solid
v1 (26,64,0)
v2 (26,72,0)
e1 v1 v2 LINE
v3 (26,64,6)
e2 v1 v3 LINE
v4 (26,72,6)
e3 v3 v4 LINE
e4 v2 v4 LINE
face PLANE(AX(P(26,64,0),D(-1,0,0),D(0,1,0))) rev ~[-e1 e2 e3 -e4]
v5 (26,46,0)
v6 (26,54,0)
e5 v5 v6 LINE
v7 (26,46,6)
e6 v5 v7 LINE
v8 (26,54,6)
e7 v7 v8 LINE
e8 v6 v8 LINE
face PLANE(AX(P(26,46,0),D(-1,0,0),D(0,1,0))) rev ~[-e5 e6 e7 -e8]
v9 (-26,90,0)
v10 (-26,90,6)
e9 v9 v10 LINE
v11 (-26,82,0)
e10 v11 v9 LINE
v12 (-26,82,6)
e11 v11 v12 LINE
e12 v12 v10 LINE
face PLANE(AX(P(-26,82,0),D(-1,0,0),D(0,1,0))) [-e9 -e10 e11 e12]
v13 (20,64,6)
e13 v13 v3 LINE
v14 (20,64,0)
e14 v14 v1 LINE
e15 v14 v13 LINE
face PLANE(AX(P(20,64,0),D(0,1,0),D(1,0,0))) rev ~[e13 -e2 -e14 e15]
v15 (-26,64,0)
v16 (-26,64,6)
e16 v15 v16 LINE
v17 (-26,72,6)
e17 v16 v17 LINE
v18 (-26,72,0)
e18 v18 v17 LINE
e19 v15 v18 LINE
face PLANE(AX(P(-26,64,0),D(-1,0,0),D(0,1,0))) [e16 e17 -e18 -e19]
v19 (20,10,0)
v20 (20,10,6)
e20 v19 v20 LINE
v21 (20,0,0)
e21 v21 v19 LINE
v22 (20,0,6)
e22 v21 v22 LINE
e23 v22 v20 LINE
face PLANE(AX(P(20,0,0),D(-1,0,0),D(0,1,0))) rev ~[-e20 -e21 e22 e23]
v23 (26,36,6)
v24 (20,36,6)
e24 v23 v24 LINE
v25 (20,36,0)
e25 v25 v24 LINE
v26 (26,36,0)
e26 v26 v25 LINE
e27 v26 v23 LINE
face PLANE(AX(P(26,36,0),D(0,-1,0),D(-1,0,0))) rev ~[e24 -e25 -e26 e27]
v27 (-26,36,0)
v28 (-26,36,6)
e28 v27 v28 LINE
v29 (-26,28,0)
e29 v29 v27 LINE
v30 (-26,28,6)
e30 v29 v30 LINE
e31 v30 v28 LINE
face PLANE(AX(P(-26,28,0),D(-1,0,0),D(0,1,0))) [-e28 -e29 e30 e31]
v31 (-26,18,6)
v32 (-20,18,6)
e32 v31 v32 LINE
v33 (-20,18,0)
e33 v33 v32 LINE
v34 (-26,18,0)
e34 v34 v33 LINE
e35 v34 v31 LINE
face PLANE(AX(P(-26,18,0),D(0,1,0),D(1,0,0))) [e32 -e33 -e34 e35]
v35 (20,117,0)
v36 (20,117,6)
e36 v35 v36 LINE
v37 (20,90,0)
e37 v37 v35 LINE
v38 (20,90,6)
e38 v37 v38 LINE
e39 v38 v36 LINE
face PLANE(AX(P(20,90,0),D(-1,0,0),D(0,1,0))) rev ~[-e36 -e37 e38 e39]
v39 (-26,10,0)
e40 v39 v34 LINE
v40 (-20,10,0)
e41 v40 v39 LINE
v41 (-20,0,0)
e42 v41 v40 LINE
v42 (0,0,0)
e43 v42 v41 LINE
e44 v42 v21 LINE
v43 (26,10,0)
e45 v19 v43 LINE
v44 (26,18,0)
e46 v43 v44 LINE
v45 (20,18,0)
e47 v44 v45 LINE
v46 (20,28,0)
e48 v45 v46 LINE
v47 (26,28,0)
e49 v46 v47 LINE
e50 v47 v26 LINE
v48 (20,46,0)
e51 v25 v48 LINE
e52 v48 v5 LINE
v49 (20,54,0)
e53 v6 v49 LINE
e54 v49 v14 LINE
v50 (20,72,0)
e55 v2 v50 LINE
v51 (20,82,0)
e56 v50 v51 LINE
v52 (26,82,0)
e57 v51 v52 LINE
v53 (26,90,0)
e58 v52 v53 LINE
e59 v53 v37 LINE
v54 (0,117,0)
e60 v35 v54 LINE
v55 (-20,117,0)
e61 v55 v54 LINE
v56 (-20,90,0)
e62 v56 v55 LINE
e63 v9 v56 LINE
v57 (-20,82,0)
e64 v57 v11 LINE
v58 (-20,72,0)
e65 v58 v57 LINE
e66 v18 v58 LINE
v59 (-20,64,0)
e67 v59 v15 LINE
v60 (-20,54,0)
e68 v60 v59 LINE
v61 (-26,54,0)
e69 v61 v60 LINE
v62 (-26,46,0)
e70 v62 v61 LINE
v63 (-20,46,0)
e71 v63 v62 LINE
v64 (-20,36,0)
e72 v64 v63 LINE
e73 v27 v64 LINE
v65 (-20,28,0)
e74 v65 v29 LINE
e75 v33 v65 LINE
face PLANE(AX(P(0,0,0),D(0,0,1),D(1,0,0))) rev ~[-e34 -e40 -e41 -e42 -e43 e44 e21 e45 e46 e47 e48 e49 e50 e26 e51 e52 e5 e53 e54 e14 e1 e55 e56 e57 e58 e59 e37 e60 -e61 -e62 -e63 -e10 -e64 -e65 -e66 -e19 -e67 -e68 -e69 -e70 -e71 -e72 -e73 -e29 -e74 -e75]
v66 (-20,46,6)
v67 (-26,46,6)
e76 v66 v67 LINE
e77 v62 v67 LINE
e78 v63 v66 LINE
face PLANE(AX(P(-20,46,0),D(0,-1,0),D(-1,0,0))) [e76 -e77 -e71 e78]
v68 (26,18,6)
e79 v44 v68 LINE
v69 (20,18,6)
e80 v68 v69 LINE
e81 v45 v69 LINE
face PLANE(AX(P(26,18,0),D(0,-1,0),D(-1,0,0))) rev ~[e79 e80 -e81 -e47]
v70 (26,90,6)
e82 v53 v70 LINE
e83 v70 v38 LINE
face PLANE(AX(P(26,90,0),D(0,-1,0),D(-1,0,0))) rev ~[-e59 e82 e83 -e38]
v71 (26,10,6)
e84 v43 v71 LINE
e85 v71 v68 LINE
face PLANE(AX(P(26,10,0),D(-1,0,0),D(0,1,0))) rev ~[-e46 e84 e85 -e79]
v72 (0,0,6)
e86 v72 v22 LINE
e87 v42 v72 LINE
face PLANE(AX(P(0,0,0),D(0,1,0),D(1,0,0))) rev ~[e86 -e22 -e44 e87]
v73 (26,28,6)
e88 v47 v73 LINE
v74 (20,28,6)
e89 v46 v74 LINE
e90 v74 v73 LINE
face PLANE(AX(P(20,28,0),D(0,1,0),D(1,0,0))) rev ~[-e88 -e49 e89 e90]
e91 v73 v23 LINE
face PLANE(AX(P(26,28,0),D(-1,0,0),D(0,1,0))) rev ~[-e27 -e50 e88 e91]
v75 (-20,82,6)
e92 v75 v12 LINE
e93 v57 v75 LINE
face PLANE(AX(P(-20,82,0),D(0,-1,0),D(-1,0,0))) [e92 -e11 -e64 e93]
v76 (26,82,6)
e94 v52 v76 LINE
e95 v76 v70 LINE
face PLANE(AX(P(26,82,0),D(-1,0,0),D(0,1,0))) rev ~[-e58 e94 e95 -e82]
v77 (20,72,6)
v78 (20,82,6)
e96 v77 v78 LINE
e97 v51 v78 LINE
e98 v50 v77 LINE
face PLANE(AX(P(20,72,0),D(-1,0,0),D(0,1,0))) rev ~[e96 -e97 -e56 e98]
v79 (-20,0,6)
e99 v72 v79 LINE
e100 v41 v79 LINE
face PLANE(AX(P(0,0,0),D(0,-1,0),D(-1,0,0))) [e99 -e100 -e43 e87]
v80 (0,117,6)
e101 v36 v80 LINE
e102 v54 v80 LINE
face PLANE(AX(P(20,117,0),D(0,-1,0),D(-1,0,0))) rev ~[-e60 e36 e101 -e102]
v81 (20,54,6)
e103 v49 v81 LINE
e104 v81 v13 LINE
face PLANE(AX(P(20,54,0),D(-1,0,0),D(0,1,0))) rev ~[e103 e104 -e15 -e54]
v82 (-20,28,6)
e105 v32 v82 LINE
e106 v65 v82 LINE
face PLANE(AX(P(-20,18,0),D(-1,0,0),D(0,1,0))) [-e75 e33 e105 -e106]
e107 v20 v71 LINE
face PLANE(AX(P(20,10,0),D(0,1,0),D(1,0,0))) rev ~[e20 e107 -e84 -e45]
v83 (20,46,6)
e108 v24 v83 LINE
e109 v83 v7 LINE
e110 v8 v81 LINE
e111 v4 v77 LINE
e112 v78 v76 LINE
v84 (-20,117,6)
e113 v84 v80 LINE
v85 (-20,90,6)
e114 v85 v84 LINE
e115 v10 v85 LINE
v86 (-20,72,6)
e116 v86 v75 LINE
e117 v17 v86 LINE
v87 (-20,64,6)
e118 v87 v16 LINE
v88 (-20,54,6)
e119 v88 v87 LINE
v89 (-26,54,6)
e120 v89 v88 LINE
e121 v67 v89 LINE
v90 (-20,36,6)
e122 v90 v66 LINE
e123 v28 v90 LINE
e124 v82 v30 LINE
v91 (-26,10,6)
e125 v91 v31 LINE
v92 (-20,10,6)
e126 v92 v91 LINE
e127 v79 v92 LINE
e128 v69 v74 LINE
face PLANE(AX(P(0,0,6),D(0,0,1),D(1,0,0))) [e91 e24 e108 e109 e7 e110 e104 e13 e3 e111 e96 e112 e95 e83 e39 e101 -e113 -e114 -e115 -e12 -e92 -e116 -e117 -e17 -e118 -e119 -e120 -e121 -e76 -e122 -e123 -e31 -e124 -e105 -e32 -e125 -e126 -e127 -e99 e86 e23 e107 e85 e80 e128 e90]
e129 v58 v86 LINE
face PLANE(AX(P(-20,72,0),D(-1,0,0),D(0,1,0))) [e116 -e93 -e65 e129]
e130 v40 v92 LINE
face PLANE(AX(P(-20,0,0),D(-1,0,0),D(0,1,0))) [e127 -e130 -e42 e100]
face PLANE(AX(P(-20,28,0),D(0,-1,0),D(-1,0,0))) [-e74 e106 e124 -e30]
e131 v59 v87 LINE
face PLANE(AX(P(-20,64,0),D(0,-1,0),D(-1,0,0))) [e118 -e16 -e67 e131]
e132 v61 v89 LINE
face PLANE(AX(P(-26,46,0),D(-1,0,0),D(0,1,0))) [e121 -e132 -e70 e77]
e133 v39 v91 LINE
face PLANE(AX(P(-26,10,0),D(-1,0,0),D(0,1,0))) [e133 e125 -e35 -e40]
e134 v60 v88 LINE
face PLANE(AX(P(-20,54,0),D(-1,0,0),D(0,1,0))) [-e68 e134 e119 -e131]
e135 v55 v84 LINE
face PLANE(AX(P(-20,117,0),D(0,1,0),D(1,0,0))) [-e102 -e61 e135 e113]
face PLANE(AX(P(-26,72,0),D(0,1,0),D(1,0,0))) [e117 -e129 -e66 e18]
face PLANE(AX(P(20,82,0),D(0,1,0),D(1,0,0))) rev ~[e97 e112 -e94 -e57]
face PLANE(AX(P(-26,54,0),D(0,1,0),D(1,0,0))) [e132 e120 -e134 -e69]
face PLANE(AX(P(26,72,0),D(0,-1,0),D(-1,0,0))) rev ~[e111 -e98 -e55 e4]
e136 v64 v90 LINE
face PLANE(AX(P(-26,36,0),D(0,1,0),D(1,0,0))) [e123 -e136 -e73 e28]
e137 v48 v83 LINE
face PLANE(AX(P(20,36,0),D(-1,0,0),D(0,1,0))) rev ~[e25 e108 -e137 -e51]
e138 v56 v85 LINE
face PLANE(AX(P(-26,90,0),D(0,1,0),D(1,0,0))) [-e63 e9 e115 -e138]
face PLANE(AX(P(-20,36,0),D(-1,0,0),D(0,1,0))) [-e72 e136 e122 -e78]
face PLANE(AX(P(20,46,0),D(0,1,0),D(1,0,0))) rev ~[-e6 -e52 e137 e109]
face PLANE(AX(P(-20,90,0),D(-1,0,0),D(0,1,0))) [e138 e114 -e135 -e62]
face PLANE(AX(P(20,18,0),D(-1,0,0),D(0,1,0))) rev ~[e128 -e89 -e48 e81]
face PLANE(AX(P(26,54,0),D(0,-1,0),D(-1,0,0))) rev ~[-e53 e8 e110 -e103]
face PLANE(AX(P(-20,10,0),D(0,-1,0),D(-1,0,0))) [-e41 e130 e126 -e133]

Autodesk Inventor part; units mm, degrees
ref_plane "YZ Plane" through (0, 0, 0) normal (1, 0, 0) x (0, 1, 0)
ref_plane "XZ Plane" through (0, 0, 0) normal (0, 1, 0) x (-1, 0, 0)
ref_plane "XY Plane" through (0, 0, 0) normal (0, 0, 1) x (1, 0, 0)
sketch "Sketch1" plane through (0, 0, 0) normal (0, 0, 1) x (1, 0, 0)
  line L0 (0, 0) -> (-20, 0)
  line L1 (-20, 0) -> (-20, 10)
  line L2 (-20, 10) -> (-26, 10)
  line L3 (-26, 10) -> (-26, 18)
  line L4 (-26, 18) -> (-20, 18)
  line L5 (-20, 18) -> (-20, 28)
  line L6 (-20, 28) -> (-26, 28)
  line L7 (-26, 28) -> (-26, 36)
  line L8 (-26, 36) -> (-20, 36)
  line L9 (-20, 36) -> (-20, 46)
  line L10 (-20, 46) -> (-26, 46)
  line L11 (-26, 46) -> (-26, 54)
  line L12 (-26, 54) -> (-20, 54)
  line L13 (-20, 54) -> (-20, 64)
  line L14 (-20, 64) -> (-26, 64)
  line L15 (-26, 64) -> (-26, 72)
  line L16 (-26, 72) -> (-20, 72)
  line L17 (-20, 72) -> (-20, 82)
  line L18 (-20, 82) -> (-26, 82)
  line L19 (-26, 82) -> (-26, 90)
  line L20 (-26, 90) -> (-20, 90)
  line L21 (-20, 90) -> (-20, 117)
  line L22 (-20, 117) -> (0, 117)
  line L23 (0, 117) -> (0, 0) construction
  line L24 (0, 0) -> (20, 0)
  line L25 (20, 0) -> (20, 10)
  line L26 (20, 10) -> (26, 10)
  line L27 (26, 10) -> (26, 18)
  line L28 (26, 18) -> (20, 18)
  line L29 (20, 18) -> (20, 28)
  line L30 (26, 28) -> (26, 36)
  line L31 (26, 36) -> (20, 36)
  line L32 (20, 36) -> (20, 46)
  line L33 (20, 46) -> (26, 46)
  line L34 (26, 46) -> (26, 54)
  line L35 (26, 54) -> (20, 54)
  line L36 (20, 54) -> (20, 64)
  line L37 (20, 64) -> (26, 64)
  line L38 (26, 64) -> (26, 72)
  line L39 (26, 72) -> (20, 72)
  line L40 (20, 72) -> (20, 82)
  line L41 (20, 82) -> (26, 82)
  line L42 (26, 82) -> (26, 90)
  line L43 (26, 90) -> (20, 90)
  line L44 (20, 90) -> (20, 117)
  line L45 (20, 117) -> (0, 117)
  line L46 (20, 28) -> (26, 28)
  point P0 (-23, 90)
  dimension "d18" = 20
  dimension "d20" = 6
  dimension "d21" = 8
  dimension "d22" = 10
  dimension "d23" = 6
  dimension "d24" = 8
  dimension "d25" = 117
  dimension "d33" = 8
  dimension "d34" = 8
  dimension "d35" = 8
  dimension "d36" = 10
  dimension "d37" = 10
  dimension "d38" = 10
  dimension "d39" = 20
  dimension "d42" = 90
extrude "Extrusion1" add sketch "Sketch1" along normal blind 6
properties part number "sort support wall 2"
